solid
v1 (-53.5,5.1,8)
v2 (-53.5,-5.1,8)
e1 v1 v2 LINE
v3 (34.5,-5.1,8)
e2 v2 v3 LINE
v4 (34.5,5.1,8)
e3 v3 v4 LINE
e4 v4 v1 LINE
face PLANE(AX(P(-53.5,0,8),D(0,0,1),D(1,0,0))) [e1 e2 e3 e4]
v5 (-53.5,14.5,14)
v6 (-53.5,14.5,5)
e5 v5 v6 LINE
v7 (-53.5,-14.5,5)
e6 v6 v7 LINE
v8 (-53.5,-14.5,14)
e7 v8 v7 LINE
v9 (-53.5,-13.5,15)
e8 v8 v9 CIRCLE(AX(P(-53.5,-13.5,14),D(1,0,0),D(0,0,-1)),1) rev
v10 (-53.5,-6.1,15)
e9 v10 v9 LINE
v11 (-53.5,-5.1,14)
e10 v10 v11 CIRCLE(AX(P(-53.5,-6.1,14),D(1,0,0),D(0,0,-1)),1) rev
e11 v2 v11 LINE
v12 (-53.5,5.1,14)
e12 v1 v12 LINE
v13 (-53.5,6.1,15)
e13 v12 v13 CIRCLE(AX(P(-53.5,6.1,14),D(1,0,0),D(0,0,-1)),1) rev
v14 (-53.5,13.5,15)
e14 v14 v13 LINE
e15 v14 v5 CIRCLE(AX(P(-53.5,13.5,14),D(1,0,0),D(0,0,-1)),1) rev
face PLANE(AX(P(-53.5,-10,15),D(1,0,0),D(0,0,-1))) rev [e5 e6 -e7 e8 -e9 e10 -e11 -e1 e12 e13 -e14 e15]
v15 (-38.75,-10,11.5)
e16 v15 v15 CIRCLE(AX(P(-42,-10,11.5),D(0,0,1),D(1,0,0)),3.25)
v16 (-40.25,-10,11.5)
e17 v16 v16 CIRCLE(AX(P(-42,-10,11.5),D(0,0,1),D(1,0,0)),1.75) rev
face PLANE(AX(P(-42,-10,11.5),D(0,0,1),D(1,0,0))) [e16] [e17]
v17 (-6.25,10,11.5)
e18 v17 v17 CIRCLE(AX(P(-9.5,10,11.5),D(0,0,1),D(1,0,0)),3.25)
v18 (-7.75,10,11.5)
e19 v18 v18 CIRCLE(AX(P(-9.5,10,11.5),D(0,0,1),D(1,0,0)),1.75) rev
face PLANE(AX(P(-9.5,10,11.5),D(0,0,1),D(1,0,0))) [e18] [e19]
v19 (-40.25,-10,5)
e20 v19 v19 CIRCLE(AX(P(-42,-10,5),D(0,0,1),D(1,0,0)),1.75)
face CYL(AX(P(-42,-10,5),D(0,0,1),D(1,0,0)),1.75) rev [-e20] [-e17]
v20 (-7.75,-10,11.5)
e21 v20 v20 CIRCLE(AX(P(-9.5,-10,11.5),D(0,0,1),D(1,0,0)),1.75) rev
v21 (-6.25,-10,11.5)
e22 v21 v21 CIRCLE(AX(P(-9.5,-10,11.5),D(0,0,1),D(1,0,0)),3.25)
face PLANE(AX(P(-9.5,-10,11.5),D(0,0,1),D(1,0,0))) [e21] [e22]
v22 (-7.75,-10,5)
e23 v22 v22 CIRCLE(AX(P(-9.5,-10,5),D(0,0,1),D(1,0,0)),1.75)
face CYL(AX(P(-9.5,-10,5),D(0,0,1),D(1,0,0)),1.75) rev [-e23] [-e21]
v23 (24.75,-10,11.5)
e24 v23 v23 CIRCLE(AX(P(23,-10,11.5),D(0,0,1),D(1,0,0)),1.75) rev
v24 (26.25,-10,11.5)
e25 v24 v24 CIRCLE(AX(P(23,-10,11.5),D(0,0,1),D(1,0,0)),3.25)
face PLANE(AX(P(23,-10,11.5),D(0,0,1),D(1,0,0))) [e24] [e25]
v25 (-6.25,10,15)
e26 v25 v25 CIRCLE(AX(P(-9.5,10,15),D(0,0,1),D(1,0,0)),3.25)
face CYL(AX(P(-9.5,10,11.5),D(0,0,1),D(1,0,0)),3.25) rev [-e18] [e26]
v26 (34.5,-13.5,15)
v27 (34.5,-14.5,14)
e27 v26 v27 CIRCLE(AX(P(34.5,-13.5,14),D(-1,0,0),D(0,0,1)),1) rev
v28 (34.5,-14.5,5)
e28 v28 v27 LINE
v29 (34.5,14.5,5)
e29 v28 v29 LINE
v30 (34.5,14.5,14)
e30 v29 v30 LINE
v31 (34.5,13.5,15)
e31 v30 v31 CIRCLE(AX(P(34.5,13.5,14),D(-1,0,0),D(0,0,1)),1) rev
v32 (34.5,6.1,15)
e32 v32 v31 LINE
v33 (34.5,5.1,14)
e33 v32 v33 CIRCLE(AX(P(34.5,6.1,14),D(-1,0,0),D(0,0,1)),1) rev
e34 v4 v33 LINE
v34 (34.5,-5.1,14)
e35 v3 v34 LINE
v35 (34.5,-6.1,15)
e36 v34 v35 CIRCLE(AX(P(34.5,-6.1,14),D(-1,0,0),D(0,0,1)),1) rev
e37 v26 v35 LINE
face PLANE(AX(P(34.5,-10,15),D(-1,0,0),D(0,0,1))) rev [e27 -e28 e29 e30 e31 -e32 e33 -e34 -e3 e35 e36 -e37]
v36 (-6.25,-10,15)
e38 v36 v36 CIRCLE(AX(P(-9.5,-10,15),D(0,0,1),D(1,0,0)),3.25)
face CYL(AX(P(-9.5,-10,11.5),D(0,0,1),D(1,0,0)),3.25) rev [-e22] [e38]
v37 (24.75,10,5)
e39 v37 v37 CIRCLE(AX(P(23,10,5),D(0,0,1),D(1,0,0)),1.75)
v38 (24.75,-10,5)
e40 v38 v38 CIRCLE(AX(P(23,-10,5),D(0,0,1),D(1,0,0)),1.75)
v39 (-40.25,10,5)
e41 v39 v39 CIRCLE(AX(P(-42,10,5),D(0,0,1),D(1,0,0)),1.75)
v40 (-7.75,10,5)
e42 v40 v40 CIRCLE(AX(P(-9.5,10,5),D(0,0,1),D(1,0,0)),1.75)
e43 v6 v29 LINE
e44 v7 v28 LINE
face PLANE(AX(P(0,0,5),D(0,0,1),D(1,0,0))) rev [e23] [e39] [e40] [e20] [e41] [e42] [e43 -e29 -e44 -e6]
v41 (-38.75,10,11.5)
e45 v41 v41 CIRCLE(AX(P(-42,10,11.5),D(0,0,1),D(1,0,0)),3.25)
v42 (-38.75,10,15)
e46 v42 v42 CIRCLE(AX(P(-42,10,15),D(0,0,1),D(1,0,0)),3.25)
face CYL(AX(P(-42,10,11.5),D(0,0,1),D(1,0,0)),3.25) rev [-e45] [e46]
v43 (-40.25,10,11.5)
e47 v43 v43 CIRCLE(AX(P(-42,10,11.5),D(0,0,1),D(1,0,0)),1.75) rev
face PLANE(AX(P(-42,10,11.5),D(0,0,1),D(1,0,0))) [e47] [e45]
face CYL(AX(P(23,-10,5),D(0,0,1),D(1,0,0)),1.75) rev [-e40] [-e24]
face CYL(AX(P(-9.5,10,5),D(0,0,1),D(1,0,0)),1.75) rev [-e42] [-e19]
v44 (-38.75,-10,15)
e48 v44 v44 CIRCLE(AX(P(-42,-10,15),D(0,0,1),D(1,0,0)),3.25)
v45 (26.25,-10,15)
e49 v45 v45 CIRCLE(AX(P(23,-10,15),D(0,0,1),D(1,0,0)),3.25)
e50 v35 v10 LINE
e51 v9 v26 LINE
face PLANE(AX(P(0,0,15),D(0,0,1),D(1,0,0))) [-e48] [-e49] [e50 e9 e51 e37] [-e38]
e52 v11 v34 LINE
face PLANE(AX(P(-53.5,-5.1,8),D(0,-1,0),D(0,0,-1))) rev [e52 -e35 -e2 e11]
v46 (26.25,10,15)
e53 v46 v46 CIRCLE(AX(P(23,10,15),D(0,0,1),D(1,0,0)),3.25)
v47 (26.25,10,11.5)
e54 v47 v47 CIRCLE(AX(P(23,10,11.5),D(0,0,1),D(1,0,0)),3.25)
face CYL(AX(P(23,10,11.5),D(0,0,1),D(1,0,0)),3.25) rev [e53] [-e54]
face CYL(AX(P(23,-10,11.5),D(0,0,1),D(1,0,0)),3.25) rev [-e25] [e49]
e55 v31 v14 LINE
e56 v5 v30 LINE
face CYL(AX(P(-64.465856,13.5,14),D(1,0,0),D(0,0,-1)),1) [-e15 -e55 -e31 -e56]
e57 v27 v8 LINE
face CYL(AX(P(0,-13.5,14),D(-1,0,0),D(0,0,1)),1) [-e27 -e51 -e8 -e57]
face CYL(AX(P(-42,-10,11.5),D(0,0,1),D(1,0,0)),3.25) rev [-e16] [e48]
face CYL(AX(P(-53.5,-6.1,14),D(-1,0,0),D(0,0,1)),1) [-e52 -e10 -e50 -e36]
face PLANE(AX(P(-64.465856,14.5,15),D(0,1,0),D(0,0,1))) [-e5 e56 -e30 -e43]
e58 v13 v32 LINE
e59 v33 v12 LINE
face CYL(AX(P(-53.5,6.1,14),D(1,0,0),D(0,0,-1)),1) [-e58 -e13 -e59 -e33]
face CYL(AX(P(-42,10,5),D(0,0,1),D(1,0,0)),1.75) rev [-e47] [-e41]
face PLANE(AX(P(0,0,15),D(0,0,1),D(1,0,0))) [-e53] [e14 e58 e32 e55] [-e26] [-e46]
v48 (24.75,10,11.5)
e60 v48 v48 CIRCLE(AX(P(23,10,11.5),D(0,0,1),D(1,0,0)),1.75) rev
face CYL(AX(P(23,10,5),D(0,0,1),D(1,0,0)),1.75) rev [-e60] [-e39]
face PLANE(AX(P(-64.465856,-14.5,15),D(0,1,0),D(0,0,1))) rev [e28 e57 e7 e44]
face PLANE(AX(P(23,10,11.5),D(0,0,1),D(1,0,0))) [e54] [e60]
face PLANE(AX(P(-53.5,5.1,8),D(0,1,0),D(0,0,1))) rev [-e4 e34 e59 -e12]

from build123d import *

# Parameters (mm, degrees)
SKETCH_1_W          = 255
SKETCH_1_H          = 80
EXTRUDE_1_DEPTH     = 5
SKETCH_2_R          = 5
CUT_EXTRUDE_1_DEPTH = 5
SKETCH_3_R          = 4
CUT_EXTRUDE_2_DEPTH = 10
SKETCH_4_W          = 88
SKETCH_4_H          = 20
EXTRUDE_2_DEPTH     = 10
SKETCH_5_R          = 15
CUT_EXTRUDE_3_DEPTH = 10
SKETCH_6_R          = 7
EXTRUDE_3_DEPTH     = 15
HOLE_WIZARD_M6_1_D  = 5
CUT_EXTRUDE_4_DEPTH = 7
HOLE_WIZARD_M4_1_D  = 3.3
FILLET_1_R          = 10
SKETCH_13_R         = 6.969385005
EXTRUDE_5_DEPTH     = 5
SKETCH_14_W         = 5
SKETCH_14_H         = 75
EXTRUDE_6_DEPTH     = 80
SKETCH_15_W         = 20
SKETCH_15_H         = 5
EXTRUDE_7_DEPTH     = 80
EXTRUDE_8_DEPTH     = 5
SKETCH_17_R         = 3
CUT_EXTRUDE_5_DEPTH = 5
FILLET_2_R          = 1
SKETCH_18_W         = 309.613912266
SKETCH_18_H         = 134.290371586
CUT_EXTRUDE_6_DEPTH = 81
SKETCH_19_R         = 17
CUT_EXTRUDE_7_DEPTH = 11
SKETCH_20_W         = 10
SKETCH_20_H         = 4.5
EXTRUDE_9_DEPTH     = 88
SKETCH_21_R         = 1.75
CUT_EXTRUDE_8_DEPTH = 11
SKETCH_22_R         = 3.25
CUT_EXTRUDE_9_DEPTH = 3.5
FILLET_4_R          = 1


with BuildPart() as part:
    # 草图1 → 凸台-拉伸1 (new body)
    with BuildSketch(Plane.XY):
        Rectangle(SKETCH_1_W, SKETCH_1_H)
    extrude(amount=EXTRUDE_1_DEPTH)

    # 草图2 → 切除-拉伸1 (cut)
    with BuildSketch(Plane.XY.offset(5)):
        with Locations((-107.5, 0)):
            Circle(SKETCH_2_R)
    extrude(amount=-CUT_EXTRUDE_1_DEPTH, mode=Mode.SUBTRACT)

    # 草图3 → 切除-拉伸2 (cut)
    with BuildSketch(Plane.XY.offset(5)):
        with Locations((-45, 0)):
            Circle(SKETCH_3_R)
    extrude(amount=-CUT_EXTRUDE_2_DEPTH, mode=Mode.SUBTRACT)

    # 草图4 → 凸台-拉伸2 (add)
    with BuildSketch(Plane.XY.offset(5)):
        with Locations((-9.5, 0)):
            Rectangle(SKETCH_4_W, SKETCH_4_H)
    extrude(amount=EXTRUDE_2_DEPTH)

    # 草图5 → 切除-拉伸3 (cut)
    with BuildSketch(Plane.XY.offset(5)):
        with Locations((70, 0)):
            Circle(SKETCH_5_R)
    extrude(amount=-CUT_EXTRUDE_3_DEPTH, mode=Mode.SUBTRACT)

    # 草图6 → 凸台-拉伸3 (add)
    with BuildSketch(Plane(origin=(0, 0, 0), x_dir=(-1, 0, 0), z_dir=(0, 0, -1))):
        with Locations((107.5, 0)):
            Circle(SKETCH_6_R)
    extrude(amount=-EXTRUDE_3_DEPTH)

    # M6 螺纹孔1 (through all)
    with Locations(Plane.XY.offset(15)):
        with Locations((-107.5, 0)):
            Hole(HOLE_WIZARD_M6_1_D / 2)

    # 草图10 → 切除-拉伸4 (cut)
    with BuildSketch(Plane.XY.offset(15)):
        with BuildLine():
            Line((-53.5, 5.1), (34.5, 5.1))
            ThreePointArc((34.5, 5.1), (39.6, 0), (34.5, -5.1))
            Line((34.5, -5.1), (-53.5, -5.1))
            ThreePointArc((-53.5, -5.1), (-58.6, 0), (-53.5, 5.1))
        make_face()
    extrude(amount=-CUT_EXTRUDE_4_DEPTH, mode=Mode.SUBTRACT)

    # M4 螺纹孔1 (through all)
    with Locations(Plane(origin=(0, 0, 0), x_dir=(-1, 0, 0), z_dir=(0, 0, -1))):
        with Locations((-39.75, -26.5), (-39.75, -1.5), (-109.94007449, -26.5), (-100.25, -1.5)):
            Hole(HOLE_WIZARD_M4_1_D / 2)

    # 圆角1
    fillet_1_edges = [part.edges().sort_by_distance(p)[0] for p in [
        (-127.5, 40, 2.5),
        (-127.5, -40, 2.5),
    ]]
    fillet(fillet_1_edges, radius=FILLET_1_R)

    # 草图13 → 凸台-拉伸5 (add)
    with BuildSketch(Plane.XY.offset(5)):
        with Locations((-45, 0)):
            Circle(SKETCH_13_R)
    extrude(amount=-EXTRUDE_5_DEPTH)

    # 草图14 → 凸台-拉伸6 (add)
    with BuildSketch(Plane.XZ.offset(40)):
        with Locations((125, -37.5)):
            Rectangle(SKETCH_14_W, SKETCH_14_H)
    extrude(amount=-EXTRUDE_6_DEPTH)

    # 草图15 → 凸台-拉伸7 (add)
    with BuildSketch(Plane.XZ.offset(40)):
        with Locations((112.5, -72.5)):
            Rectangle(SKETCH_15_W, SKETCH_15_H)
    extrude(amount=-EXTRUDE_7_DEPTH)

    # 草图16 → 凸台-拉伸8 (add)
    with BuildSketch(Plane.XZ.offset(40)):
        Polygon((-32.5, 5), (-32.5, 0), (102.5, -75), (127.5, -75), (127.5, 5), align=None)
    extrude_8 = extrude(amount=-EXTRUDE_8_DEPTH)

    # 镜向1: 凸台-拉伸8 across plane
    add(extrude_8.mirror(Plane.ZX))

    # 草图17 → 切除-拉伸5 (cut)
    with BuildSketch(Plane(origin=(0, 0, -75), x_dir=(-1, 0, 0), z_dir=(0, 0, -1))):
        with Locations((-114.5, -15)):
            Circle(SKETCH_17_R)
        with Locations((-114.5, 15)):
            Circle(SKETCH_17_R)
    extrude(amount=-CUT_EXTRUDE_5_DEPTH, mode=Mode.SUBTRACT)

    # 圆角2
    fillet_2_edges = [part.edges().sort_by_distance(p)[0] for p in [
        (-127.5, 0, 0),
        (-124.571067812, 37.071067812, 0),
        (-124.571067812, -37.071067812, 0),
        (-127.5, 0, 5),
        (-124.571067812, 37.071067812, 5),
        (-124.571067812, -37.071067812, 5),
        (127.5, 0, -75),
        (115, -40, -75),
        (115, 40, -75),
        (127.5, 0, 5),
        (35, -40, -37.5),
        (35, -35, -37.5),
        (5, 40, 5),
        (-75, 40, 0),
        (35, 40, -37.5),
        (35, 35, -37.5),
        (127.5, 40, -35),
        (127.5, -40, -35),
        (-75, -40, 0),
        (5, -40, 5),
    ]]
    fillet(fillet_2_edges, radius=FILLET_2_R)

    # 草图18 → 切除-拉伸6 (cut, through all)
    with BuildSketch(Plane.XY.offset(5)):
        Rectangle(SKETCH_18_W, SKETCH_18_H)
    extrude(amount=-CUT_EXTRUDE_6_DEPTH, mode=Mode.SUBTRACT)

    # 草图19 → 切除-拉伸7 (cut, through all)
    with BuildSketch(Plane.XY.offset(15)):
        with Locations((-107.5, 0)):
            Circle(SKETCH_19_R)
    extrude(amount=-CUT_EXTRUDE_7_DEPTH, mode=Mode.SUBTRACT)

    # 草图20 → 凸台-拉伸9 (add)
    with BuildSketch(Plane(origin=(34.5, 0, 0), x_dir=(0, 0, -1), z_dir=(1, 0, 0))):
        with Locations((-10, 12.25)):
            Rectangle(SKETCH_20_W, SKETCH_20_H)
    extrude_9 = extrude(amount=-EXTRUDE_9_DEPTH)

    # 镜向2: 凸台-拉伸9 across plane
    add(extrude_9.mirror(Plane.ZX))

    # 草图21 → 切除-拉伸8 (cut, through all)
    with BuildSketch(Plane.XY.offset(15)):
        with Locations((-42, 10)):
            Circle(SKETCH_21_R)
        with Locations((-9.5, 10)):
            Circle(SKETCH_21_R)
        with Locations((23, 10)):
            Circle(SKETCH_21_R)
        with Locations((23, -10)):
            Circle(SKETCH_21_R)
        with Locations((-9.5, -10)):
            Circle(SKETCH_21_R)
        with Locations((-42, -10)):
            Circle(SKETCH_21_R)
    extrude(amount=-CUT_EXTRUDE_8_DEPTH, mode=Mode.SUBTRACT)

    # 草图22 → 切除-拉伸9 (cut)
    with BuildSketch(Plane.XY.offset(15)):
        with Locations((-42, 10)):
            Circle(SKETCH_22_R)
        with Locations((-9.5, 10)):
            Circle(SKETCH_22_R)
        with Locations((23, 10)):
            Circle(SKETCH_22_R)
        with Locations((23, -10)):
            Circle(SKETCH_22_R)
        with Locations((-9.5, -10)):
            Circle(SKETCH_22_R)
        with Locations((-42, -10)):
            Circle(SKETCH_22_R)
    extrude(amount=-CUT_EXTRUDE_9_DEPTH, mode=Mode.SUBTRACT)

    # 圆角4
    fillet_4_edges = [part.edges().sort_by_distance(p)[0] for p in [
        (-9.5, 14.5, 15),
        (-9.5, -14.5, 15),
        (-9.5, 5.1, 15),
        (-9.5, -5.1, 15),
    ]]
    fillet(fillet_4_edges, radius=FILLET_4_R)


solid = part.part
